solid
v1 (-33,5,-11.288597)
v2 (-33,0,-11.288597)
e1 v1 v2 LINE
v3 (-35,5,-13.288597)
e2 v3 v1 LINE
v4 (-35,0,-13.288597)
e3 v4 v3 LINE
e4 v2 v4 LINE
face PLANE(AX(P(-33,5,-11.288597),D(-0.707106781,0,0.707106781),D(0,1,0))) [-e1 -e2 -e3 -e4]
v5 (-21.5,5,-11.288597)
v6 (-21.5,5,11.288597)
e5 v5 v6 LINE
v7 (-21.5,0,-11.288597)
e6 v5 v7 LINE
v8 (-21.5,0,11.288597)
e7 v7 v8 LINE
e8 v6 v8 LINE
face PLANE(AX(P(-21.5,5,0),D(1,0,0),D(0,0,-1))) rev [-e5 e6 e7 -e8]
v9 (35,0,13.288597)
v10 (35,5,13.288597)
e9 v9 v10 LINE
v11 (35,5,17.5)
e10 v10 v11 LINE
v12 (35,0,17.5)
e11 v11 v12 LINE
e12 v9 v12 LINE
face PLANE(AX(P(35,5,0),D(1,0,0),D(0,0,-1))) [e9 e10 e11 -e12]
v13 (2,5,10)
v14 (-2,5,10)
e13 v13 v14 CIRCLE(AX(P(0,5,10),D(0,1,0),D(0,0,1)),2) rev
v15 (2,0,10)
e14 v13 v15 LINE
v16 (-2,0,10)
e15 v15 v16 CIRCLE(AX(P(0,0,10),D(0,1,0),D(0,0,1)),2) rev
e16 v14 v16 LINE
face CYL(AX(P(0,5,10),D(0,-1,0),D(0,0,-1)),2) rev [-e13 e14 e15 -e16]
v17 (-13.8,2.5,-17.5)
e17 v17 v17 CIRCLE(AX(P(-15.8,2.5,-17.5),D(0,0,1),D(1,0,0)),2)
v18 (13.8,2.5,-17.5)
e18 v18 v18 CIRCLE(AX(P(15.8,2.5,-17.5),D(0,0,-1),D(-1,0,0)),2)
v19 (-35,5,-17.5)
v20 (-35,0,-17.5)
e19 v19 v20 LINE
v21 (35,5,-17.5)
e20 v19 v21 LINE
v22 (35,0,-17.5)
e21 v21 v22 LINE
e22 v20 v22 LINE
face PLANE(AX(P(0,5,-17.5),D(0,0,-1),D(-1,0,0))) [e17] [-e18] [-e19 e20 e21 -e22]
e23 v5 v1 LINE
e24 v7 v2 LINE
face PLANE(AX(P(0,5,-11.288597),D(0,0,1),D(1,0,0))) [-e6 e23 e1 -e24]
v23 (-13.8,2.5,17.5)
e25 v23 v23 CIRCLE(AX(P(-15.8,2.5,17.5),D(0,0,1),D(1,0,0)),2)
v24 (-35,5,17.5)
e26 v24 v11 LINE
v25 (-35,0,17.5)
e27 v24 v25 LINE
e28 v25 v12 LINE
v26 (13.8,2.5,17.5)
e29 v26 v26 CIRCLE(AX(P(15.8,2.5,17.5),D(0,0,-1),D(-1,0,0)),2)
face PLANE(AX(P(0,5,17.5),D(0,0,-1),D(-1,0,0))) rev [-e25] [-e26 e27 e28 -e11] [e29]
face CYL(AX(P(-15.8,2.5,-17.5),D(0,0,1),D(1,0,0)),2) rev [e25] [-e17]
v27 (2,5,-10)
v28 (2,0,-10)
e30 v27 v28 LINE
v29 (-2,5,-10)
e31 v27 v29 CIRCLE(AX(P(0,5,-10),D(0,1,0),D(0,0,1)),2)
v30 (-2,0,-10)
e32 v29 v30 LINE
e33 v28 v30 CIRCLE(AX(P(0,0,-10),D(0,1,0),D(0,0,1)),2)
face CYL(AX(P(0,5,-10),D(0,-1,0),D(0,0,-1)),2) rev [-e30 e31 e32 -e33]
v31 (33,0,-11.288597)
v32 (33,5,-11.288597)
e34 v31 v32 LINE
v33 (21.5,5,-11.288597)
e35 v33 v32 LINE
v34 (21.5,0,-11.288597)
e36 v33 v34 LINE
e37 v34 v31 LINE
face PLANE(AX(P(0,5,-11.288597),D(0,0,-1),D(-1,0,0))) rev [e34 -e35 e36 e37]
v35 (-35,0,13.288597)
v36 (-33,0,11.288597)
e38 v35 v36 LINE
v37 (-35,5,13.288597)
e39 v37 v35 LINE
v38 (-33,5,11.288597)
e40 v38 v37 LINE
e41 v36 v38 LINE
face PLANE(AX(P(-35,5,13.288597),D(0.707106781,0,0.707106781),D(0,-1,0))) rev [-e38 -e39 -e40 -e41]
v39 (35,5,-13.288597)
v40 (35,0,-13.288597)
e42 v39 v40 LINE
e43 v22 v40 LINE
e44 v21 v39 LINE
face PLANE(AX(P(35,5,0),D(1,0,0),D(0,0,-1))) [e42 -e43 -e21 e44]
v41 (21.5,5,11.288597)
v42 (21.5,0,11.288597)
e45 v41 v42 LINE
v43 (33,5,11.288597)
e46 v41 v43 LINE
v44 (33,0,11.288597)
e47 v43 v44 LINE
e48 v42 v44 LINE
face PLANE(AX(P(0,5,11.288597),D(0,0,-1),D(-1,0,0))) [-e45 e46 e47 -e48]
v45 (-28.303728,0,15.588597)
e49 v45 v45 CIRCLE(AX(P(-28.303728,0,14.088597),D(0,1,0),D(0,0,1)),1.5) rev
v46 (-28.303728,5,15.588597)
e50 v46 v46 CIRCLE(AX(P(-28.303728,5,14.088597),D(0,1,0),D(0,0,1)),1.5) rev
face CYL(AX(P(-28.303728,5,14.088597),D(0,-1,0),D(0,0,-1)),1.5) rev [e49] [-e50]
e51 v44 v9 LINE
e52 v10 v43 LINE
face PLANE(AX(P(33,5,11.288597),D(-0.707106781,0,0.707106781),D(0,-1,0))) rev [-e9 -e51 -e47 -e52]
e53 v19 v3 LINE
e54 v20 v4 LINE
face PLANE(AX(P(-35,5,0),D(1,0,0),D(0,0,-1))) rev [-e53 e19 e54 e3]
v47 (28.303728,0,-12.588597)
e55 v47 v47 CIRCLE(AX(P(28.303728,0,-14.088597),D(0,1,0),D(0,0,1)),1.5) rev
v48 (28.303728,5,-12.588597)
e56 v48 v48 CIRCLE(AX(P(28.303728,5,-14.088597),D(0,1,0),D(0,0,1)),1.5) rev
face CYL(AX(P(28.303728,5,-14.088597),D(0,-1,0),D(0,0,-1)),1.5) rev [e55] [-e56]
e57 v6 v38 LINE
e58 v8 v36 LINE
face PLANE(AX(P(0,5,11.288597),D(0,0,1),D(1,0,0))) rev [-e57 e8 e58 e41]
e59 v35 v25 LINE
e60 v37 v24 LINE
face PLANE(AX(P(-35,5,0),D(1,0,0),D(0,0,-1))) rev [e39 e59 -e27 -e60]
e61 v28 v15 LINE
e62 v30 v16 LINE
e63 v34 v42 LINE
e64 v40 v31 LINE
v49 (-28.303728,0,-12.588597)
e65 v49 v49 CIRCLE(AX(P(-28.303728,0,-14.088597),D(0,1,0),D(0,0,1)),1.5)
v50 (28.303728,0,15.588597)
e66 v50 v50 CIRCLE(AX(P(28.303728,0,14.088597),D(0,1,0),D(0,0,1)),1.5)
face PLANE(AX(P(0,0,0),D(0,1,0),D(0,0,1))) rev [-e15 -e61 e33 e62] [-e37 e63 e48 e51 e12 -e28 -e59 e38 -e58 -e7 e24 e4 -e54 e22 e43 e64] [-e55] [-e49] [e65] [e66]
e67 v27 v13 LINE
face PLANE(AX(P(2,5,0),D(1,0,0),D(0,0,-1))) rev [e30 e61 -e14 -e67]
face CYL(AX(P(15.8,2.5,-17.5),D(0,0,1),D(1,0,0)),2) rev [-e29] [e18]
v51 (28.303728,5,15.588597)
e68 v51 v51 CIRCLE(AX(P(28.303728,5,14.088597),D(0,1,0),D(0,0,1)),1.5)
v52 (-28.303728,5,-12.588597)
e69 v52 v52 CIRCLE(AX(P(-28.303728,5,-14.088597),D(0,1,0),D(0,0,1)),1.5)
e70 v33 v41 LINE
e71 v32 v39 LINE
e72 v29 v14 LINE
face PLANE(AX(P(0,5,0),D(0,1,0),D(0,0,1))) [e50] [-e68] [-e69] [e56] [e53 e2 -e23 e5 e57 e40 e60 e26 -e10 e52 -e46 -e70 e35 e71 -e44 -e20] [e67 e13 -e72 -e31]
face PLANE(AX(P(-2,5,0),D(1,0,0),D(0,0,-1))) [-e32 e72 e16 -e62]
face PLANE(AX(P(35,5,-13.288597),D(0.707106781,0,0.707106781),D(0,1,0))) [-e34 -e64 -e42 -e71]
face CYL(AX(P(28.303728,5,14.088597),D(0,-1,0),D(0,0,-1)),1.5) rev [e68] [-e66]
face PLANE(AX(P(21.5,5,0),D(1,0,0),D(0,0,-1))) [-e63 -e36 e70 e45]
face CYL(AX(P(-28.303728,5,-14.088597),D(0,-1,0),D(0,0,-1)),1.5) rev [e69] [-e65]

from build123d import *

# Parameters (mm, degrees)
SKETCH_1_R          = 1.5
EXTRUDE_1_DEPTH     = 5
CHAMFER_1_SIZE      = 2
SKETCH_2_R          = 2
CUT_EXTRUDE_1_DEPTH = 50.749371855


with BuildPart() as part:
    # 草图1 → 凸台-拉伸1 (new body)
    with BuildSketch(Plane(origin=(0, 0, 0), x_dir=(1, 0, 0), z_dir=(0, 1, 0))):
        Polygon((35, 17.5), (-35, 17.5), (-35, 11.288596674), (-21.49999999, 11.288596674), (-21.49999999, -11.288596674), (-35, -11.288596674), (-35, -17.5), (35, -17.5), (35, -11.288596674), (21.49999999, -11.288596674), (21.49999999, 11.288596674), (35, 11.288596674), align=None)
        with Locations(Location((-28.303727501, -14.088596674, 0), (0, 0, 270))):
            Circle(SKETCH_1_R, mode=Mode.SUBTRACT)
        with Locations(Location((28.303727501, -14.088596674, 0), (0, 0, 270))):
            Circle(SKETCH_1_R, mode=Mode.SUBTRACT)
        with BuildLine():
            ThreePointArc((-2, 10), (0, 12), (2, 10))
            Line((2, 10), (2, -10))
            ThreePointArc((2, -10), (0, -12), (-2, -10))
            Line((-2, -10), (-2, 10))
        make_face(mode=Mode.SUBTRACT)
        with Locations(Location((-28.303727501, 14.088596674, 0), (0, 0, 270))):
            Circle(SKETCH_1_R, mode=Mode.SUBTRACT)
        with Locations(Location((28.303727501, 14.088596674, 0), (0, 0, 270))):
            Circle(SKETCH_1_R, mode=Mode.SUBTRACT)
    extrude(amount=EXTRUDE_1_DEPTH)

    # 倒角1
    chamfer_1_edges = [part.edges().sort_by_distance(p)[0] for p in [
        (35, 2.5, 11.288596674),
        (-35, 2.5, 11.288596674),
        (-35, 2.5, -11.288596674),
        (35, 2.5, -11.288596674),
    ]]
    chamfer(chamfer_1_edges, length=CHAMFER_1_SIZE)

    # 草图2 → 切除-拉伸1 (cut, through all)
    with BuildSketch(Plane.XY.offset(17.5)):
        with Locations((-15.8, 2.5)):
            Circle(SKETCH_2_R)
        with Locations(Location((15.8, 2.5, 0), (0, 0, 180))):
            Circle(SKETCH_2_R)
    extrude(amount=-CUT_EXTRUDE_1_DEPTH, mode=Mode.SUBTRACT)


solid = part.part
